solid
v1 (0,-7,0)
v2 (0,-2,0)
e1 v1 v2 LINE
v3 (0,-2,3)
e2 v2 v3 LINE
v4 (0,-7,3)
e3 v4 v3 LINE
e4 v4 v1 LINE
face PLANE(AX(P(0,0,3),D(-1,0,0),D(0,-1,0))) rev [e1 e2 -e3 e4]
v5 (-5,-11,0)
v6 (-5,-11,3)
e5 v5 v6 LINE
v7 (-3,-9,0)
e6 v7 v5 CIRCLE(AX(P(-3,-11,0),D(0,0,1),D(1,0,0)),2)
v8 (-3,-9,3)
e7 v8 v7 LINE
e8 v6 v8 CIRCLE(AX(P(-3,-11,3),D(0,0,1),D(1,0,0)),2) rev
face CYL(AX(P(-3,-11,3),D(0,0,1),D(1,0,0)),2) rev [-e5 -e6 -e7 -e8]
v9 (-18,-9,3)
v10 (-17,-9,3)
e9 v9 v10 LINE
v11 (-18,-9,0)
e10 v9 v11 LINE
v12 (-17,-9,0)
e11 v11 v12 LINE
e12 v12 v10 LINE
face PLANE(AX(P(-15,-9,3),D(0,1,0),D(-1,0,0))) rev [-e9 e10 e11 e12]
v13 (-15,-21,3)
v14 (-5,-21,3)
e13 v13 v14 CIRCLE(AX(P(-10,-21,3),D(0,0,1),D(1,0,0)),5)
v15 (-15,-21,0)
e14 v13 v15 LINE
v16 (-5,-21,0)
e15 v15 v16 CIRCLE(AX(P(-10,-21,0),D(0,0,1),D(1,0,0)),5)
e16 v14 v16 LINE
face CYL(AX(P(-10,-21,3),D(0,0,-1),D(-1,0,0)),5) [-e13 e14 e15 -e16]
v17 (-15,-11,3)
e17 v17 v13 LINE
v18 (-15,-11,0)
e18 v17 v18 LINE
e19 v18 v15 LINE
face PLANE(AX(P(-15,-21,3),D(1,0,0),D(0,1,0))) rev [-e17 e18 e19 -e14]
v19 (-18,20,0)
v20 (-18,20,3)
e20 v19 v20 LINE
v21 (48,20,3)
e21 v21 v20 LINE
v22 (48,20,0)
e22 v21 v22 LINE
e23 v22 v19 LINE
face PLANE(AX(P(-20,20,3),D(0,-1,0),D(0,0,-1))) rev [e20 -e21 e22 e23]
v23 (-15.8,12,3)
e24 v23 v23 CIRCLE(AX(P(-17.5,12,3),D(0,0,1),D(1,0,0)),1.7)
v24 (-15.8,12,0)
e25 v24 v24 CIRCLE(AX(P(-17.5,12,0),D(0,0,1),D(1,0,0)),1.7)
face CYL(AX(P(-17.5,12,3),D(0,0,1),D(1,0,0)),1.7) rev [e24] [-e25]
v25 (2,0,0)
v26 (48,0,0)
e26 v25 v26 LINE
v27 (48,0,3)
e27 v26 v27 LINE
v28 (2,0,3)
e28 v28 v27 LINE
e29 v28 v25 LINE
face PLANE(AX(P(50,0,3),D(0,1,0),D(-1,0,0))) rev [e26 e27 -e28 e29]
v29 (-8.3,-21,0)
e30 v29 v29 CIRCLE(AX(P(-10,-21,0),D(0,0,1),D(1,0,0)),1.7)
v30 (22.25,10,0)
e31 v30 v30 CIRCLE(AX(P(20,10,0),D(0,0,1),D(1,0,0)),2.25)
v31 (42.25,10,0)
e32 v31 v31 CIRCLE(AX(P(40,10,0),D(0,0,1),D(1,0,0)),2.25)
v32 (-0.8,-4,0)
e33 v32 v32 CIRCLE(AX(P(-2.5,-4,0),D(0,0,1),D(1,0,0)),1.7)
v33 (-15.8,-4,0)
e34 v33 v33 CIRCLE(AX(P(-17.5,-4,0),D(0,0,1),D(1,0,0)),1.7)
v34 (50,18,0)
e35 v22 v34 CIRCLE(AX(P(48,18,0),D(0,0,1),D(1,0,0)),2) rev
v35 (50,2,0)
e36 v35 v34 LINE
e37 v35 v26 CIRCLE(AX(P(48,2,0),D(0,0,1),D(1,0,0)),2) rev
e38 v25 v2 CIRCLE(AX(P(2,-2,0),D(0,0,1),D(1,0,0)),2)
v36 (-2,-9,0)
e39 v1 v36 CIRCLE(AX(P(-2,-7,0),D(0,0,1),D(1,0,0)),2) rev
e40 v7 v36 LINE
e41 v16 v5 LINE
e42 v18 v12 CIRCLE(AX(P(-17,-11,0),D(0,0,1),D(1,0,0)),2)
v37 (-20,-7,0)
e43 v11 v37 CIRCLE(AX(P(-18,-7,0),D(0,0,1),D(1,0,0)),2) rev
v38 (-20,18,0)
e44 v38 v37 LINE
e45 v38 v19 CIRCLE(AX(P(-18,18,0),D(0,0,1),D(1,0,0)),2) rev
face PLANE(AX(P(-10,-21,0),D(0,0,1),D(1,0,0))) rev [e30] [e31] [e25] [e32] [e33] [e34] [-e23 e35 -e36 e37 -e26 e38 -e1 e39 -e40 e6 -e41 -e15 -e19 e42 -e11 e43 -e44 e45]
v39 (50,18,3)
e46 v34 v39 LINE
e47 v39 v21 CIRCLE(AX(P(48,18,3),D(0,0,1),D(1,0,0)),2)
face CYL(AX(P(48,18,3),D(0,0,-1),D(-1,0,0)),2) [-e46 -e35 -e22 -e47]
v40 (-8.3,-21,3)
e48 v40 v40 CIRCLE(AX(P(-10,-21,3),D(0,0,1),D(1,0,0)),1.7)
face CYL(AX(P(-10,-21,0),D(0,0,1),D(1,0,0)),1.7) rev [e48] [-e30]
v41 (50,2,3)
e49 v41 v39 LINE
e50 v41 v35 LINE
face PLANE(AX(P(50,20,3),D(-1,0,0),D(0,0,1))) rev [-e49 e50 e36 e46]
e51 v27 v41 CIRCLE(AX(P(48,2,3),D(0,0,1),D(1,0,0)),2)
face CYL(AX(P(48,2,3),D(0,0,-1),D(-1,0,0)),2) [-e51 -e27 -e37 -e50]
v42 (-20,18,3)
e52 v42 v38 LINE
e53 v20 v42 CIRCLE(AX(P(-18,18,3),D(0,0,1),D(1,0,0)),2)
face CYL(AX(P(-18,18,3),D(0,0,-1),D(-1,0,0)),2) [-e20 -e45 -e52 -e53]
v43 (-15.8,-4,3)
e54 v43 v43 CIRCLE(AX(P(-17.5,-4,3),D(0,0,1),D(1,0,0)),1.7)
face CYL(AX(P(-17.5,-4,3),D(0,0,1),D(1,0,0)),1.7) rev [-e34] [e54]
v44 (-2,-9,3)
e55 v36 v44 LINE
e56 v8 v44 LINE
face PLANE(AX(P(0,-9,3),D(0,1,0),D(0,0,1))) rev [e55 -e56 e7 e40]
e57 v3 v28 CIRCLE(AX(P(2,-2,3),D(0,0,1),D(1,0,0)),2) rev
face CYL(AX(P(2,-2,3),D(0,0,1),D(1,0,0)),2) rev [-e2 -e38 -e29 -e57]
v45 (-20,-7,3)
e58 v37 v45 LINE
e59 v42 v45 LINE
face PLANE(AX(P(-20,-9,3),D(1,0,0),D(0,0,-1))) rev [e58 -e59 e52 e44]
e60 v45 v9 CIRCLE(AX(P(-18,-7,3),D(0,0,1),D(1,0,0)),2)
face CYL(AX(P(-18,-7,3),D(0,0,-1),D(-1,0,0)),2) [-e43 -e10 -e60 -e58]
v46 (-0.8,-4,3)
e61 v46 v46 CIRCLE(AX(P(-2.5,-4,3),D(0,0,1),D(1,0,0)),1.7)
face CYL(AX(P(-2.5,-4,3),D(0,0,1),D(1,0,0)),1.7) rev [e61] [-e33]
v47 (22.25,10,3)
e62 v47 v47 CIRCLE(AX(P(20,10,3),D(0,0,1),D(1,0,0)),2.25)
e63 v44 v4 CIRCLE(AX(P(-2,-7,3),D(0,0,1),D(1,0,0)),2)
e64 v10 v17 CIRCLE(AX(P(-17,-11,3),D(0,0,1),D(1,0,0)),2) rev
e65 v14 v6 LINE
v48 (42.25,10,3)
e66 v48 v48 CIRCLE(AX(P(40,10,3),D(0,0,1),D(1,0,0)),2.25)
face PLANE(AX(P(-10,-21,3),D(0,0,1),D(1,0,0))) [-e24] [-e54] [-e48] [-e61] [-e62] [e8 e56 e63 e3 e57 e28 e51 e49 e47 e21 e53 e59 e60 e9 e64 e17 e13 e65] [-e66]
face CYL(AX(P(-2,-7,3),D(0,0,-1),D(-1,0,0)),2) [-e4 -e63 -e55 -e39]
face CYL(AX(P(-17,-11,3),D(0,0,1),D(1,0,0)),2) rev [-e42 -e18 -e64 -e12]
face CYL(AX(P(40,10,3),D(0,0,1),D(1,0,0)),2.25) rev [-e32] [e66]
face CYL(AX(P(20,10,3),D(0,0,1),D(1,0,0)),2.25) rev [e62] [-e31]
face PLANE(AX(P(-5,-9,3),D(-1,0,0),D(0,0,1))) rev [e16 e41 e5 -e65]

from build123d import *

# Parameters (mm, degrees)
AUFSATZ_LINEAR_AUSTRAGEN1_DEPTH = 3
SKIZZE2_R                       = 1.7
SCHNITT_LINEAR_AUSTRAGEN1_DEPTH = 4
DURCHGANGSLOCH_F_R_M41_D        = 4.5
DURCHGANGSLOCH_F_R_M31_D        = 3.4
VERRUNDUNG1_R                   = 2


with BuildPart() as part:
    # Skizze1 → Aufsatz-Linear austragen1 (new body)
    with BuildSketch(Plane.XY):
        with BuildLine():
            Line((0, 0), (0, -9))
            Line((0, -9), (-5, -9))
            Line((-5, -9), (-5, -21))
            ThreePointArc((-5, -21), (-10, -26), (-15, -21))
            Line((-15, -21), (-15, -9))
            Line((-15, -9), (-20, -9))
            Line((-20, -9), (-20, 20))
            Line((-20, 20), (50, 20))
            Line((50, 20), (50, 0))
            Line((50, 0), (0, 0))
        make_face()
    extrude(amount=AUFSATZ_LINEAR_AUSTRAGEN1_DEPTH)

    # Skizze2 → Schnitt-Linear austragen1 (cut, through all)
    with BuildSketch(Plane.XY.offset(3)):
        with Locations((-10, -21)):
            Circle(SKIZZE2_R)
    extrude(amount=-SCHNITT_LINEAR_AUSTRAGEN1_DEPTH, mode=Mode.SUBTRACT)

    # Durchgangsloch für M41 (through all)
    with Locations(Plane.XY.offset(3)):
        with Locations((20, 10), (40, 10)):
            Hole(DURCHGANGSLOCH_F_R_M41_D / 2)

    # Durchgangsloch für M31 (through all)
    with Locations(Plane.XY.offset(3)):
        with Locations((-17.5, 12), (-2.5, -4), (-17.5, -4)):
            Hole(DURCHGANGSLOCH_F_R_M31_D / 2)

    # Verrundung1
    verrundung1_edges = [part.edges().sort_by_distance(p)[0] for p in [
        (0, 0, 1.5),
        (0, -9, 1.5),
        (-5, -9, 1.5),
        (-15, -9, 1.5),
        (-20, -9, 1.5),
        (-20, 20, 1.5),
        (50, 20, 1.5),
        (50, 0, 1.5),
    ]]
    fillet(verrundung1_edges, radius=VERRUNDUNG1_R)


solid = part.part
